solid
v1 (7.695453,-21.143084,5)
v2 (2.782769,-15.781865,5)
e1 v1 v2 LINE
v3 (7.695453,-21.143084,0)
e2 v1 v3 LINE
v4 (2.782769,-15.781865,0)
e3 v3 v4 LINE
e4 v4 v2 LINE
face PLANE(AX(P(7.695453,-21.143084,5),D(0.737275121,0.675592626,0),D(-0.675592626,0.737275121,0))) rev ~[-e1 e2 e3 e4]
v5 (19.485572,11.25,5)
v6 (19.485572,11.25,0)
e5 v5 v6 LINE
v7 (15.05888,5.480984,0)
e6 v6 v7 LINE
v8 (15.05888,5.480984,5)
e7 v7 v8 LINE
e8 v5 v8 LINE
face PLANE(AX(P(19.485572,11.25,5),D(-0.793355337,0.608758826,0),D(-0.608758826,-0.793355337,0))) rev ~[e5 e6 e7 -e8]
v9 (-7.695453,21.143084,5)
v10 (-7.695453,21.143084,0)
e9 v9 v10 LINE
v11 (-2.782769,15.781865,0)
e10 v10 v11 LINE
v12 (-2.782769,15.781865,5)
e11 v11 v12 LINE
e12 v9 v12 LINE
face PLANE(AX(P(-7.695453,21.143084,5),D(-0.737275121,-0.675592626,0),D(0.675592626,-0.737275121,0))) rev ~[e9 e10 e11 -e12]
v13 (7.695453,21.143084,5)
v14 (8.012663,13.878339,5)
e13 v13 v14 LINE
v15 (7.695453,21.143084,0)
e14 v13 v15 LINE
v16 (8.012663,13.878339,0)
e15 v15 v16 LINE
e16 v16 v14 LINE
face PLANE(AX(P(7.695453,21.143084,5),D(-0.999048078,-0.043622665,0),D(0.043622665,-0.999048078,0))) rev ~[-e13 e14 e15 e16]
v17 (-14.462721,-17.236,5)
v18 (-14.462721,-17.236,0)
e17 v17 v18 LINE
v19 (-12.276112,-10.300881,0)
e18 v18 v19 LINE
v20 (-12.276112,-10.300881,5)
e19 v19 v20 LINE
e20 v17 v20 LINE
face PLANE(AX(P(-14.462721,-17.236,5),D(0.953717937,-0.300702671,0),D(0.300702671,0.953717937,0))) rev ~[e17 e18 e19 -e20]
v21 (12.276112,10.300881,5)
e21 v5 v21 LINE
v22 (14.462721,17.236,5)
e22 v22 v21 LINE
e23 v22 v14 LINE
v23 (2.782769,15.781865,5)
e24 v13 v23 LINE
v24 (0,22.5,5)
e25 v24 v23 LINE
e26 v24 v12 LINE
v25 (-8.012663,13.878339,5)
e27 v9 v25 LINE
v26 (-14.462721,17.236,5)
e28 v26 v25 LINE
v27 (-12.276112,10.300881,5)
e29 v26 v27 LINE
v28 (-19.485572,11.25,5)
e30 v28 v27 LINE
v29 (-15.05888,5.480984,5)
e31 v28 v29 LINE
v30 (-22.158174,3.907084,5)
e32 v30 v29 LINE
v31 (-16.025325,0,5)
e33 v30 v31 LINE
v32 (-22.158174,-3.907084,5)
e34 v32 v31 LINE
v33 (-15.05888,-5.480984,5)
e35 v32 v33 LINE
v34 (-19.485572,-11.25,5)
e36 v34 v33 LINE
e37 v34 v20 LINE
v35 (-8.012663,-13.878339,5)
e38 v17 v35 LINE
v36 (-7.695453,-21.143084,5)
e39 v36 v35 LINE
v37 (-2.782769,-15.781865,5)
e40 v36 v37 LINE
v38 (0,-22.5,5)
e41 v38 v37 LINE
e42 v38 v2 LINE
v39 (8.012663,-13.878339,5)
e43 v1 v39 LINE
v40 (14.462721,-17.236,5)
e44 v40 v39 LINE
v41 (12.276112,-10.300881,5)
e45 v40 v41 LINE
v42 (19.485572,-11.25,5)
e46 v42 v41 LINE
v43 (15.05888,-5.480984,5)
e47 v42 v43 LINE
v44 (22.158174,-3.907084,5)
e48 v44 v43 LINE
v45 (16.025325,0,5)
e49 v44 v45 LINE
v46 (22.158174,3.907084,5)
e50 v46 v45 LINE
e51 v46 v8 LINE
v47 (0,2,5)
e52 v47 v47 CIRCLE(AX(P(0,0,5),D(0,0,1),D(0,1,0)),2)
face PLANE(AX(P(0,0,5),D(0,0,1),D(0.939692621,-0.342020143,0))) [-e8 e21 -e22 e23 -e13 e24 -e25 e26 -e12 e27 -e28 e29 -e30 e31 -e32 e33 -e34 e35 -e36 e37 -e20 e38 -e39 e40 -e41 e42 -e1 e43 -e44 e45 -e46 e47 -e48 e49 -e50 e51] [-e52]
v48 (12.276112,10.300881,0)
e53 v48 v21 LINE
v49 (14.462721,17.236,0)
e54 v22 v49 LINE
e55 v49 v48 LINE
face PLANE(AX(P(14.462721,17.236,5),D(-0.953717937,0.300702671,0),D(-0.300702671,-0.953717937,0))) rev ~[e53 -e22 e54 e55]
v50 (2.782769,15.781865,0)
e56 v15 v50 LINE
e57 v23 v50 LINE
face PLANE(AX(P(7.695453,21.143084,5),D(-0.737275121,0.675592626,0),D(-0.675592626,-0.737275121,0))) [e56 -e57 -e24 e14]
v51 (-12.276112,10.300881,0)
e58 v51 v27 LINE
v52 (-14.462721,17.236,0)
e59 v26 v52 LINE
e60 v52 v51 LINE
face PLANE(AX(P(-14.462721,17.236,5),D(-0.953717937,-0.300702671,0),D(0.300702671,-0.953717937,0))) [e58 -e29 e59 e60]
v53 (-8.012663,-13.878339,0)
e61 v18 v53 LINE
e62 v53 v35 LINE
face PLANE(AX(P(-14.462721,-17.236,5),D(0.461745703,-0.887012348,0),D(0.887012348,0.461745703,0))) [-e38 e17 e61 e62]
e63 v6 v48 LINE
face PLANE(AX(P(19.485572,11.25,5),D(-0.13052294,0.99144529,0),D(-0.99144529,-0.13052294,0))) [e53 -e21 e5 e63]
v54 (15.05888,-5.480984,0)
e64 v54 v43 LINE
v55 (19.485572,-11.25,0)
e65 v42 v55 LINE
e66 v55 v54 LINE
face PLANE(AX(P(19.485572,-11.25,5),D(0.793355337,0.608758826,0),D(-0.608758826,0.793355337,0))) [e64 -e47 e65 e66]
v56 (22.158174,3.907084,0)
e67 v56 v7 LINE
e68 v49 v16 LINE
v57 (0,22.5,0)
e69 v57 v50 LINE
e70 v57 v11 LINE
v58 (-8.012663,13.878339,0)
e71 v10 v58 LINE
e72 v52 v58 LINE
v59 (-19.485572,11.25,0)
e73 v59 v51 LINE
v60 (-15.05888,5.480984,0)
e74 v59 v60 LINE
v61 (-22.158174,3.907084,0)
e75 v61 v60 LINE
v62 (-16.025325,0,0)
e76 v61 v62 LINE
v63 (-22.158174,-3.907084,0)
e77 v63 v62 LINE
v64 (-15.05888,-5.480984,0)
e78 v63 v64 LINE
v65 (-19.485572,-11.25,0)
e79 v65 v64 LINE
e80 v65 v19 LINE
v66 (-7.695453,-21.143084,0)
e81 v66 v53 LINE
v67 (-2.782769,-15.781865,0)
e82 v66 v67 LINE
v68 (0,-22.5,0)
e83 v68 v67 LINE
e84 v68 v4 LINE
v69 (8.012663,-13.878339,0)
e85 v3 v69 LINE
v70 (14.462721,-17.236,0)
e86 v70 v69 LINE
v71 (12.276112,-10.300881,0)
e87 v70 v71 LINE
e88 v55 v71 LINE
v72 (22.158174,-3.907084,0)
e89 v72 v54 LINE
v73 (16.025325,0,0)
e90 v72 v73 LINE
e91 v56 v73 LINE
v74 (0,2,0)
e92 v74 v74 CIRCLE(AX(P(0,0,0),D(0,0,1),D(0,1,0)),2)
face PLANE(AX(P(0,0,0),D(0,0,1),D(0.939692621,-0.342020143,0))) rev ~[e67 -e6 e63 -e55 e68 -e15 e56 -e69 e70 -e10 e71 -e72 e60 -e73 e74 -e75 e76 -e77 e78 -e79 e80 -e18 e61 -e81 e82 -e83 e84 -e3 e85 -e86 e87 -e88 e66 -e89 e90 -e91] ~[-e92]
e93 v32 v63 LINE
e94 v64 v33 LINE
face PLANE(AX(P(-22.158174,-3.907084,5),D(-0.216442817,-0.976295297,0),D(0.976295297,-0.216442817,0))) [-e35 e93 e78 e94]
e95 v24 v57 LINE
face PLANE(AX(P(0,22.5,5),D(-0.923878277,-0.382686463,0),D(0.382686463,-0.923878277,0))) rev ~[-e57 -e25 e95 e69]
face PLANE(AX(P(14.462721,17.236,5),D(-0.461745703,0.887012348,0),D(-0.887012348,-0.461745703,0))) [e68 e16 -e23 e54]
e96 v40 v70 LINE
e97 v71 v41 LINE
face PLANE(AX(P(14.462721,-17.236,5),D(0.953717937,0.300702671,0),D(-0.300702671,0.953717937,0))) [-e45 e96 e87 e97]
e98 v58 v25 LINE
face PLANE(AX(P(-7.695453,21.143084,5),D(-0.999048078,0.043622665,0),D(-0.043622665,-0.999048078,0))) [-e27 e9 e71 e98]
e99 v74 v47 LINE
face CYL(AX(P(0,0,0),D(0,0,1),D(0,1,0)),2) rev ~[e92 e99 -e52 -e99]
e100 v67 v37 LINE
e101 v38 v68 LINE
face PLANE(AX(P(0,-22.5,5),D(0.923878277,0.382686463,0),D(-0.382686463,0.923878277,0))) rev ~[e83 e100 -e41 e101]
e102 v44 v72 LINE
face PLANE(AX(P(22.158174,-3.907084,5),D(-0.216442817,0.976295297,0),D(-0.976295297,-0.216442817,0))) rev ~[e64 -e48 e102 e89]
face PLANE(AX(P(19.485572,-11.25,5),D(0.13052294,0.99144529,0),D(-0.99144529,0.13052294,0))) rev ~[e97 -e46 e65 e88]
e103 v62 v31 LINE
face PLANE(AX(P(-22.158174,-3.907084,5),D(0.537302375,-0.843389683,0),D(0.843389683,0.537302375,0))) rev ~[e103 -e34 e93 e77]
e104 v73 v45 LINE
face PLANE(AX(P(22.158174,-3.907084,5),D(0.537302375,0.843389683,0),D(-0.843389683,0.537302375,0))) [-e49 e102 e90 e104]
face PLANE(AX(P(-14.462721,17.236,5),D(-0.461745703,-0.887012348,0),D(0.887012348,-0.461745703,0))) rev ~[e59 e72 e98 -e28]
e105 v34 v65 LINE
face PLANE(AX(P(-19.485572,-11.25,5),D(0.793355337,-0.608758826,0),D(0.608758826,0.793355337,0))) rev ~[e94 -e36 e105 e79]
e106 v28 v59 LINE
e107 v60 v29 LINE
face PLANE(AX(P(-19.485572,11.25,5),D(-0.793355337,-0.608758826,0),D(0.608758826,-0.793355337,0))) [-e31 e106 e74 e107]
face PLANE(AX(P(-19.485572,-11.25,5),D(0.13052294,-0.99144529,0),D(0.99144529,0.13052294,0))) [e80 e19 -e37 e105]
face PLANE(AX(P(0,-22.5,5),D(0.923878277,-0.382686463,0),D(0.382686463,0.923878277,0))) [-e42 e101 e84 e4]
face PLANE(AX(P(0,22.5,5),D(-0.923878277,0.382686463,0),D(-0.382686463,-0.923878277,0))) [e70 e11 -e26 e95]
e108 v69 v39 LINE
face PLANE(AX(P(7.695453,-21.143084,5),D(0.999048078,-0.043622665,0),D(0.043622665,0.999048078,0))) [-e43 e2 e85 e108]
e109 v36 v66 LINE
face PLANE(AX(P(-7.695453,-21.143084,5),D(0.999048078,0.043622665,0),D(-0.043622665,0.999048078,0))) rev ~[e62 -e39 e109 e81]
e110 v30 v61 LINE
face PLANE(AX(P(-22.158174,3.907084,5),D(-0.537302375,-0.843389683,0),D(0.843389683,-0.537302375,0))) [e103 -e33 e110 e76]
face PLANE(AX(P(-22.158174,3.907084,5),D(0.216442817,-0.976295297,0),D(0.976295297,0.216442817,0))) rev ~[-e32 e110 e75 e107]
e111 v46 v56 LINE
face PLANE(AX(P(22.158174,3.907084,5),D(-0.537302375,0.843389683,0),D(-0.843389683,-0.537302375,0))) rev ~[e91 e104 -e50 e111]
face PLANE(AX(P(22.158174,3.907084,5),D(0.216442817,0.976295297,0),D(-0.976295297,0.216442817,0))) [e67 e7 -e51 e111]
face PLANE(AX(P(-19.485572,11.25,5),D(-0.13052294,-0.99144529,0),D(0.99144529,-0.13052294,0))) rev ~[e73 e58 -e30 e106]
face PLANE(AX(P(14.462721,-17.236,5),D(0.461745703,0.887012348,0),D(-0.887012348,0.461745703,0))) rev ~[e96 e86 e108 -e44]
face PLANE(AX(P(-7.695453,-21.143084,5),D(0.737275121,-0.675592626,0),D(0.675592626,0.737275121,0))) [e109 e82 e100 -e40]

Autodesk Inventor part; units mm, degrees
ref_plane "YZ Plane" through (0, 0, 0) normal (1, 0, 0) x (0, 1, 0)
ref_plane "XZ Plane" through (0, 0, 0) normal (0, 1, 0) x (-1, 0, 0)
ref_plane "XY Plane" through (0, 0, 0) normal (0, 0, 1) x (1, 0, 0)
sketch "Sketch2" plane through (0, 0, 0) normal (0, 0, 1) x (1, 0, 0)
  circle A0 centre (0, 0) radius 12.5
  dimension "d0" = 25
extrude "Extrusion1" add sketch "Sketch2" along normal blind 5
sketch "Sketch3" plane through (0, 0, 5) normal (0, 0, 1) x (1, 0, 0)
  line L0 (0, 0) -> (0, 9.5351)
  line L1 (0, 22.5) -> (-4.4873, 11.6668)
  circle A0 centre (0, 0) radius 12.5 projected
  line L2 (0, 22.5) -> (4.4873, 11.6668)
  arc A1 (4.4873, 11.6668) -> (-4.4873, 11.6668) centre (0, 0) ccw
  point P0 (0, 12.5)
  dimension "d3" = 45
  dimension "d4" = 10
extrude "Extrusion2" add sketch "Sketch3" against normal up to surface (5 mm away) contours L2 A0 L1
pattern_circular "Circular Pattern1" count 18 over 360 about axis through (0, 0, 0) along (0, 0, 1) of "Extrusion2"
sketch "Sketch4" plane through (0, 0, 0) normal (0, 0, -1) x (-1, 0, 0)
  point P0 (0, 0)
  point P1 (0, 0)
hole "Hole1" at (0, 0, 0) at (0, 0, 0) direction (0, 0, 1) diameter 4 end through all
properties part number "Drive Gear"
